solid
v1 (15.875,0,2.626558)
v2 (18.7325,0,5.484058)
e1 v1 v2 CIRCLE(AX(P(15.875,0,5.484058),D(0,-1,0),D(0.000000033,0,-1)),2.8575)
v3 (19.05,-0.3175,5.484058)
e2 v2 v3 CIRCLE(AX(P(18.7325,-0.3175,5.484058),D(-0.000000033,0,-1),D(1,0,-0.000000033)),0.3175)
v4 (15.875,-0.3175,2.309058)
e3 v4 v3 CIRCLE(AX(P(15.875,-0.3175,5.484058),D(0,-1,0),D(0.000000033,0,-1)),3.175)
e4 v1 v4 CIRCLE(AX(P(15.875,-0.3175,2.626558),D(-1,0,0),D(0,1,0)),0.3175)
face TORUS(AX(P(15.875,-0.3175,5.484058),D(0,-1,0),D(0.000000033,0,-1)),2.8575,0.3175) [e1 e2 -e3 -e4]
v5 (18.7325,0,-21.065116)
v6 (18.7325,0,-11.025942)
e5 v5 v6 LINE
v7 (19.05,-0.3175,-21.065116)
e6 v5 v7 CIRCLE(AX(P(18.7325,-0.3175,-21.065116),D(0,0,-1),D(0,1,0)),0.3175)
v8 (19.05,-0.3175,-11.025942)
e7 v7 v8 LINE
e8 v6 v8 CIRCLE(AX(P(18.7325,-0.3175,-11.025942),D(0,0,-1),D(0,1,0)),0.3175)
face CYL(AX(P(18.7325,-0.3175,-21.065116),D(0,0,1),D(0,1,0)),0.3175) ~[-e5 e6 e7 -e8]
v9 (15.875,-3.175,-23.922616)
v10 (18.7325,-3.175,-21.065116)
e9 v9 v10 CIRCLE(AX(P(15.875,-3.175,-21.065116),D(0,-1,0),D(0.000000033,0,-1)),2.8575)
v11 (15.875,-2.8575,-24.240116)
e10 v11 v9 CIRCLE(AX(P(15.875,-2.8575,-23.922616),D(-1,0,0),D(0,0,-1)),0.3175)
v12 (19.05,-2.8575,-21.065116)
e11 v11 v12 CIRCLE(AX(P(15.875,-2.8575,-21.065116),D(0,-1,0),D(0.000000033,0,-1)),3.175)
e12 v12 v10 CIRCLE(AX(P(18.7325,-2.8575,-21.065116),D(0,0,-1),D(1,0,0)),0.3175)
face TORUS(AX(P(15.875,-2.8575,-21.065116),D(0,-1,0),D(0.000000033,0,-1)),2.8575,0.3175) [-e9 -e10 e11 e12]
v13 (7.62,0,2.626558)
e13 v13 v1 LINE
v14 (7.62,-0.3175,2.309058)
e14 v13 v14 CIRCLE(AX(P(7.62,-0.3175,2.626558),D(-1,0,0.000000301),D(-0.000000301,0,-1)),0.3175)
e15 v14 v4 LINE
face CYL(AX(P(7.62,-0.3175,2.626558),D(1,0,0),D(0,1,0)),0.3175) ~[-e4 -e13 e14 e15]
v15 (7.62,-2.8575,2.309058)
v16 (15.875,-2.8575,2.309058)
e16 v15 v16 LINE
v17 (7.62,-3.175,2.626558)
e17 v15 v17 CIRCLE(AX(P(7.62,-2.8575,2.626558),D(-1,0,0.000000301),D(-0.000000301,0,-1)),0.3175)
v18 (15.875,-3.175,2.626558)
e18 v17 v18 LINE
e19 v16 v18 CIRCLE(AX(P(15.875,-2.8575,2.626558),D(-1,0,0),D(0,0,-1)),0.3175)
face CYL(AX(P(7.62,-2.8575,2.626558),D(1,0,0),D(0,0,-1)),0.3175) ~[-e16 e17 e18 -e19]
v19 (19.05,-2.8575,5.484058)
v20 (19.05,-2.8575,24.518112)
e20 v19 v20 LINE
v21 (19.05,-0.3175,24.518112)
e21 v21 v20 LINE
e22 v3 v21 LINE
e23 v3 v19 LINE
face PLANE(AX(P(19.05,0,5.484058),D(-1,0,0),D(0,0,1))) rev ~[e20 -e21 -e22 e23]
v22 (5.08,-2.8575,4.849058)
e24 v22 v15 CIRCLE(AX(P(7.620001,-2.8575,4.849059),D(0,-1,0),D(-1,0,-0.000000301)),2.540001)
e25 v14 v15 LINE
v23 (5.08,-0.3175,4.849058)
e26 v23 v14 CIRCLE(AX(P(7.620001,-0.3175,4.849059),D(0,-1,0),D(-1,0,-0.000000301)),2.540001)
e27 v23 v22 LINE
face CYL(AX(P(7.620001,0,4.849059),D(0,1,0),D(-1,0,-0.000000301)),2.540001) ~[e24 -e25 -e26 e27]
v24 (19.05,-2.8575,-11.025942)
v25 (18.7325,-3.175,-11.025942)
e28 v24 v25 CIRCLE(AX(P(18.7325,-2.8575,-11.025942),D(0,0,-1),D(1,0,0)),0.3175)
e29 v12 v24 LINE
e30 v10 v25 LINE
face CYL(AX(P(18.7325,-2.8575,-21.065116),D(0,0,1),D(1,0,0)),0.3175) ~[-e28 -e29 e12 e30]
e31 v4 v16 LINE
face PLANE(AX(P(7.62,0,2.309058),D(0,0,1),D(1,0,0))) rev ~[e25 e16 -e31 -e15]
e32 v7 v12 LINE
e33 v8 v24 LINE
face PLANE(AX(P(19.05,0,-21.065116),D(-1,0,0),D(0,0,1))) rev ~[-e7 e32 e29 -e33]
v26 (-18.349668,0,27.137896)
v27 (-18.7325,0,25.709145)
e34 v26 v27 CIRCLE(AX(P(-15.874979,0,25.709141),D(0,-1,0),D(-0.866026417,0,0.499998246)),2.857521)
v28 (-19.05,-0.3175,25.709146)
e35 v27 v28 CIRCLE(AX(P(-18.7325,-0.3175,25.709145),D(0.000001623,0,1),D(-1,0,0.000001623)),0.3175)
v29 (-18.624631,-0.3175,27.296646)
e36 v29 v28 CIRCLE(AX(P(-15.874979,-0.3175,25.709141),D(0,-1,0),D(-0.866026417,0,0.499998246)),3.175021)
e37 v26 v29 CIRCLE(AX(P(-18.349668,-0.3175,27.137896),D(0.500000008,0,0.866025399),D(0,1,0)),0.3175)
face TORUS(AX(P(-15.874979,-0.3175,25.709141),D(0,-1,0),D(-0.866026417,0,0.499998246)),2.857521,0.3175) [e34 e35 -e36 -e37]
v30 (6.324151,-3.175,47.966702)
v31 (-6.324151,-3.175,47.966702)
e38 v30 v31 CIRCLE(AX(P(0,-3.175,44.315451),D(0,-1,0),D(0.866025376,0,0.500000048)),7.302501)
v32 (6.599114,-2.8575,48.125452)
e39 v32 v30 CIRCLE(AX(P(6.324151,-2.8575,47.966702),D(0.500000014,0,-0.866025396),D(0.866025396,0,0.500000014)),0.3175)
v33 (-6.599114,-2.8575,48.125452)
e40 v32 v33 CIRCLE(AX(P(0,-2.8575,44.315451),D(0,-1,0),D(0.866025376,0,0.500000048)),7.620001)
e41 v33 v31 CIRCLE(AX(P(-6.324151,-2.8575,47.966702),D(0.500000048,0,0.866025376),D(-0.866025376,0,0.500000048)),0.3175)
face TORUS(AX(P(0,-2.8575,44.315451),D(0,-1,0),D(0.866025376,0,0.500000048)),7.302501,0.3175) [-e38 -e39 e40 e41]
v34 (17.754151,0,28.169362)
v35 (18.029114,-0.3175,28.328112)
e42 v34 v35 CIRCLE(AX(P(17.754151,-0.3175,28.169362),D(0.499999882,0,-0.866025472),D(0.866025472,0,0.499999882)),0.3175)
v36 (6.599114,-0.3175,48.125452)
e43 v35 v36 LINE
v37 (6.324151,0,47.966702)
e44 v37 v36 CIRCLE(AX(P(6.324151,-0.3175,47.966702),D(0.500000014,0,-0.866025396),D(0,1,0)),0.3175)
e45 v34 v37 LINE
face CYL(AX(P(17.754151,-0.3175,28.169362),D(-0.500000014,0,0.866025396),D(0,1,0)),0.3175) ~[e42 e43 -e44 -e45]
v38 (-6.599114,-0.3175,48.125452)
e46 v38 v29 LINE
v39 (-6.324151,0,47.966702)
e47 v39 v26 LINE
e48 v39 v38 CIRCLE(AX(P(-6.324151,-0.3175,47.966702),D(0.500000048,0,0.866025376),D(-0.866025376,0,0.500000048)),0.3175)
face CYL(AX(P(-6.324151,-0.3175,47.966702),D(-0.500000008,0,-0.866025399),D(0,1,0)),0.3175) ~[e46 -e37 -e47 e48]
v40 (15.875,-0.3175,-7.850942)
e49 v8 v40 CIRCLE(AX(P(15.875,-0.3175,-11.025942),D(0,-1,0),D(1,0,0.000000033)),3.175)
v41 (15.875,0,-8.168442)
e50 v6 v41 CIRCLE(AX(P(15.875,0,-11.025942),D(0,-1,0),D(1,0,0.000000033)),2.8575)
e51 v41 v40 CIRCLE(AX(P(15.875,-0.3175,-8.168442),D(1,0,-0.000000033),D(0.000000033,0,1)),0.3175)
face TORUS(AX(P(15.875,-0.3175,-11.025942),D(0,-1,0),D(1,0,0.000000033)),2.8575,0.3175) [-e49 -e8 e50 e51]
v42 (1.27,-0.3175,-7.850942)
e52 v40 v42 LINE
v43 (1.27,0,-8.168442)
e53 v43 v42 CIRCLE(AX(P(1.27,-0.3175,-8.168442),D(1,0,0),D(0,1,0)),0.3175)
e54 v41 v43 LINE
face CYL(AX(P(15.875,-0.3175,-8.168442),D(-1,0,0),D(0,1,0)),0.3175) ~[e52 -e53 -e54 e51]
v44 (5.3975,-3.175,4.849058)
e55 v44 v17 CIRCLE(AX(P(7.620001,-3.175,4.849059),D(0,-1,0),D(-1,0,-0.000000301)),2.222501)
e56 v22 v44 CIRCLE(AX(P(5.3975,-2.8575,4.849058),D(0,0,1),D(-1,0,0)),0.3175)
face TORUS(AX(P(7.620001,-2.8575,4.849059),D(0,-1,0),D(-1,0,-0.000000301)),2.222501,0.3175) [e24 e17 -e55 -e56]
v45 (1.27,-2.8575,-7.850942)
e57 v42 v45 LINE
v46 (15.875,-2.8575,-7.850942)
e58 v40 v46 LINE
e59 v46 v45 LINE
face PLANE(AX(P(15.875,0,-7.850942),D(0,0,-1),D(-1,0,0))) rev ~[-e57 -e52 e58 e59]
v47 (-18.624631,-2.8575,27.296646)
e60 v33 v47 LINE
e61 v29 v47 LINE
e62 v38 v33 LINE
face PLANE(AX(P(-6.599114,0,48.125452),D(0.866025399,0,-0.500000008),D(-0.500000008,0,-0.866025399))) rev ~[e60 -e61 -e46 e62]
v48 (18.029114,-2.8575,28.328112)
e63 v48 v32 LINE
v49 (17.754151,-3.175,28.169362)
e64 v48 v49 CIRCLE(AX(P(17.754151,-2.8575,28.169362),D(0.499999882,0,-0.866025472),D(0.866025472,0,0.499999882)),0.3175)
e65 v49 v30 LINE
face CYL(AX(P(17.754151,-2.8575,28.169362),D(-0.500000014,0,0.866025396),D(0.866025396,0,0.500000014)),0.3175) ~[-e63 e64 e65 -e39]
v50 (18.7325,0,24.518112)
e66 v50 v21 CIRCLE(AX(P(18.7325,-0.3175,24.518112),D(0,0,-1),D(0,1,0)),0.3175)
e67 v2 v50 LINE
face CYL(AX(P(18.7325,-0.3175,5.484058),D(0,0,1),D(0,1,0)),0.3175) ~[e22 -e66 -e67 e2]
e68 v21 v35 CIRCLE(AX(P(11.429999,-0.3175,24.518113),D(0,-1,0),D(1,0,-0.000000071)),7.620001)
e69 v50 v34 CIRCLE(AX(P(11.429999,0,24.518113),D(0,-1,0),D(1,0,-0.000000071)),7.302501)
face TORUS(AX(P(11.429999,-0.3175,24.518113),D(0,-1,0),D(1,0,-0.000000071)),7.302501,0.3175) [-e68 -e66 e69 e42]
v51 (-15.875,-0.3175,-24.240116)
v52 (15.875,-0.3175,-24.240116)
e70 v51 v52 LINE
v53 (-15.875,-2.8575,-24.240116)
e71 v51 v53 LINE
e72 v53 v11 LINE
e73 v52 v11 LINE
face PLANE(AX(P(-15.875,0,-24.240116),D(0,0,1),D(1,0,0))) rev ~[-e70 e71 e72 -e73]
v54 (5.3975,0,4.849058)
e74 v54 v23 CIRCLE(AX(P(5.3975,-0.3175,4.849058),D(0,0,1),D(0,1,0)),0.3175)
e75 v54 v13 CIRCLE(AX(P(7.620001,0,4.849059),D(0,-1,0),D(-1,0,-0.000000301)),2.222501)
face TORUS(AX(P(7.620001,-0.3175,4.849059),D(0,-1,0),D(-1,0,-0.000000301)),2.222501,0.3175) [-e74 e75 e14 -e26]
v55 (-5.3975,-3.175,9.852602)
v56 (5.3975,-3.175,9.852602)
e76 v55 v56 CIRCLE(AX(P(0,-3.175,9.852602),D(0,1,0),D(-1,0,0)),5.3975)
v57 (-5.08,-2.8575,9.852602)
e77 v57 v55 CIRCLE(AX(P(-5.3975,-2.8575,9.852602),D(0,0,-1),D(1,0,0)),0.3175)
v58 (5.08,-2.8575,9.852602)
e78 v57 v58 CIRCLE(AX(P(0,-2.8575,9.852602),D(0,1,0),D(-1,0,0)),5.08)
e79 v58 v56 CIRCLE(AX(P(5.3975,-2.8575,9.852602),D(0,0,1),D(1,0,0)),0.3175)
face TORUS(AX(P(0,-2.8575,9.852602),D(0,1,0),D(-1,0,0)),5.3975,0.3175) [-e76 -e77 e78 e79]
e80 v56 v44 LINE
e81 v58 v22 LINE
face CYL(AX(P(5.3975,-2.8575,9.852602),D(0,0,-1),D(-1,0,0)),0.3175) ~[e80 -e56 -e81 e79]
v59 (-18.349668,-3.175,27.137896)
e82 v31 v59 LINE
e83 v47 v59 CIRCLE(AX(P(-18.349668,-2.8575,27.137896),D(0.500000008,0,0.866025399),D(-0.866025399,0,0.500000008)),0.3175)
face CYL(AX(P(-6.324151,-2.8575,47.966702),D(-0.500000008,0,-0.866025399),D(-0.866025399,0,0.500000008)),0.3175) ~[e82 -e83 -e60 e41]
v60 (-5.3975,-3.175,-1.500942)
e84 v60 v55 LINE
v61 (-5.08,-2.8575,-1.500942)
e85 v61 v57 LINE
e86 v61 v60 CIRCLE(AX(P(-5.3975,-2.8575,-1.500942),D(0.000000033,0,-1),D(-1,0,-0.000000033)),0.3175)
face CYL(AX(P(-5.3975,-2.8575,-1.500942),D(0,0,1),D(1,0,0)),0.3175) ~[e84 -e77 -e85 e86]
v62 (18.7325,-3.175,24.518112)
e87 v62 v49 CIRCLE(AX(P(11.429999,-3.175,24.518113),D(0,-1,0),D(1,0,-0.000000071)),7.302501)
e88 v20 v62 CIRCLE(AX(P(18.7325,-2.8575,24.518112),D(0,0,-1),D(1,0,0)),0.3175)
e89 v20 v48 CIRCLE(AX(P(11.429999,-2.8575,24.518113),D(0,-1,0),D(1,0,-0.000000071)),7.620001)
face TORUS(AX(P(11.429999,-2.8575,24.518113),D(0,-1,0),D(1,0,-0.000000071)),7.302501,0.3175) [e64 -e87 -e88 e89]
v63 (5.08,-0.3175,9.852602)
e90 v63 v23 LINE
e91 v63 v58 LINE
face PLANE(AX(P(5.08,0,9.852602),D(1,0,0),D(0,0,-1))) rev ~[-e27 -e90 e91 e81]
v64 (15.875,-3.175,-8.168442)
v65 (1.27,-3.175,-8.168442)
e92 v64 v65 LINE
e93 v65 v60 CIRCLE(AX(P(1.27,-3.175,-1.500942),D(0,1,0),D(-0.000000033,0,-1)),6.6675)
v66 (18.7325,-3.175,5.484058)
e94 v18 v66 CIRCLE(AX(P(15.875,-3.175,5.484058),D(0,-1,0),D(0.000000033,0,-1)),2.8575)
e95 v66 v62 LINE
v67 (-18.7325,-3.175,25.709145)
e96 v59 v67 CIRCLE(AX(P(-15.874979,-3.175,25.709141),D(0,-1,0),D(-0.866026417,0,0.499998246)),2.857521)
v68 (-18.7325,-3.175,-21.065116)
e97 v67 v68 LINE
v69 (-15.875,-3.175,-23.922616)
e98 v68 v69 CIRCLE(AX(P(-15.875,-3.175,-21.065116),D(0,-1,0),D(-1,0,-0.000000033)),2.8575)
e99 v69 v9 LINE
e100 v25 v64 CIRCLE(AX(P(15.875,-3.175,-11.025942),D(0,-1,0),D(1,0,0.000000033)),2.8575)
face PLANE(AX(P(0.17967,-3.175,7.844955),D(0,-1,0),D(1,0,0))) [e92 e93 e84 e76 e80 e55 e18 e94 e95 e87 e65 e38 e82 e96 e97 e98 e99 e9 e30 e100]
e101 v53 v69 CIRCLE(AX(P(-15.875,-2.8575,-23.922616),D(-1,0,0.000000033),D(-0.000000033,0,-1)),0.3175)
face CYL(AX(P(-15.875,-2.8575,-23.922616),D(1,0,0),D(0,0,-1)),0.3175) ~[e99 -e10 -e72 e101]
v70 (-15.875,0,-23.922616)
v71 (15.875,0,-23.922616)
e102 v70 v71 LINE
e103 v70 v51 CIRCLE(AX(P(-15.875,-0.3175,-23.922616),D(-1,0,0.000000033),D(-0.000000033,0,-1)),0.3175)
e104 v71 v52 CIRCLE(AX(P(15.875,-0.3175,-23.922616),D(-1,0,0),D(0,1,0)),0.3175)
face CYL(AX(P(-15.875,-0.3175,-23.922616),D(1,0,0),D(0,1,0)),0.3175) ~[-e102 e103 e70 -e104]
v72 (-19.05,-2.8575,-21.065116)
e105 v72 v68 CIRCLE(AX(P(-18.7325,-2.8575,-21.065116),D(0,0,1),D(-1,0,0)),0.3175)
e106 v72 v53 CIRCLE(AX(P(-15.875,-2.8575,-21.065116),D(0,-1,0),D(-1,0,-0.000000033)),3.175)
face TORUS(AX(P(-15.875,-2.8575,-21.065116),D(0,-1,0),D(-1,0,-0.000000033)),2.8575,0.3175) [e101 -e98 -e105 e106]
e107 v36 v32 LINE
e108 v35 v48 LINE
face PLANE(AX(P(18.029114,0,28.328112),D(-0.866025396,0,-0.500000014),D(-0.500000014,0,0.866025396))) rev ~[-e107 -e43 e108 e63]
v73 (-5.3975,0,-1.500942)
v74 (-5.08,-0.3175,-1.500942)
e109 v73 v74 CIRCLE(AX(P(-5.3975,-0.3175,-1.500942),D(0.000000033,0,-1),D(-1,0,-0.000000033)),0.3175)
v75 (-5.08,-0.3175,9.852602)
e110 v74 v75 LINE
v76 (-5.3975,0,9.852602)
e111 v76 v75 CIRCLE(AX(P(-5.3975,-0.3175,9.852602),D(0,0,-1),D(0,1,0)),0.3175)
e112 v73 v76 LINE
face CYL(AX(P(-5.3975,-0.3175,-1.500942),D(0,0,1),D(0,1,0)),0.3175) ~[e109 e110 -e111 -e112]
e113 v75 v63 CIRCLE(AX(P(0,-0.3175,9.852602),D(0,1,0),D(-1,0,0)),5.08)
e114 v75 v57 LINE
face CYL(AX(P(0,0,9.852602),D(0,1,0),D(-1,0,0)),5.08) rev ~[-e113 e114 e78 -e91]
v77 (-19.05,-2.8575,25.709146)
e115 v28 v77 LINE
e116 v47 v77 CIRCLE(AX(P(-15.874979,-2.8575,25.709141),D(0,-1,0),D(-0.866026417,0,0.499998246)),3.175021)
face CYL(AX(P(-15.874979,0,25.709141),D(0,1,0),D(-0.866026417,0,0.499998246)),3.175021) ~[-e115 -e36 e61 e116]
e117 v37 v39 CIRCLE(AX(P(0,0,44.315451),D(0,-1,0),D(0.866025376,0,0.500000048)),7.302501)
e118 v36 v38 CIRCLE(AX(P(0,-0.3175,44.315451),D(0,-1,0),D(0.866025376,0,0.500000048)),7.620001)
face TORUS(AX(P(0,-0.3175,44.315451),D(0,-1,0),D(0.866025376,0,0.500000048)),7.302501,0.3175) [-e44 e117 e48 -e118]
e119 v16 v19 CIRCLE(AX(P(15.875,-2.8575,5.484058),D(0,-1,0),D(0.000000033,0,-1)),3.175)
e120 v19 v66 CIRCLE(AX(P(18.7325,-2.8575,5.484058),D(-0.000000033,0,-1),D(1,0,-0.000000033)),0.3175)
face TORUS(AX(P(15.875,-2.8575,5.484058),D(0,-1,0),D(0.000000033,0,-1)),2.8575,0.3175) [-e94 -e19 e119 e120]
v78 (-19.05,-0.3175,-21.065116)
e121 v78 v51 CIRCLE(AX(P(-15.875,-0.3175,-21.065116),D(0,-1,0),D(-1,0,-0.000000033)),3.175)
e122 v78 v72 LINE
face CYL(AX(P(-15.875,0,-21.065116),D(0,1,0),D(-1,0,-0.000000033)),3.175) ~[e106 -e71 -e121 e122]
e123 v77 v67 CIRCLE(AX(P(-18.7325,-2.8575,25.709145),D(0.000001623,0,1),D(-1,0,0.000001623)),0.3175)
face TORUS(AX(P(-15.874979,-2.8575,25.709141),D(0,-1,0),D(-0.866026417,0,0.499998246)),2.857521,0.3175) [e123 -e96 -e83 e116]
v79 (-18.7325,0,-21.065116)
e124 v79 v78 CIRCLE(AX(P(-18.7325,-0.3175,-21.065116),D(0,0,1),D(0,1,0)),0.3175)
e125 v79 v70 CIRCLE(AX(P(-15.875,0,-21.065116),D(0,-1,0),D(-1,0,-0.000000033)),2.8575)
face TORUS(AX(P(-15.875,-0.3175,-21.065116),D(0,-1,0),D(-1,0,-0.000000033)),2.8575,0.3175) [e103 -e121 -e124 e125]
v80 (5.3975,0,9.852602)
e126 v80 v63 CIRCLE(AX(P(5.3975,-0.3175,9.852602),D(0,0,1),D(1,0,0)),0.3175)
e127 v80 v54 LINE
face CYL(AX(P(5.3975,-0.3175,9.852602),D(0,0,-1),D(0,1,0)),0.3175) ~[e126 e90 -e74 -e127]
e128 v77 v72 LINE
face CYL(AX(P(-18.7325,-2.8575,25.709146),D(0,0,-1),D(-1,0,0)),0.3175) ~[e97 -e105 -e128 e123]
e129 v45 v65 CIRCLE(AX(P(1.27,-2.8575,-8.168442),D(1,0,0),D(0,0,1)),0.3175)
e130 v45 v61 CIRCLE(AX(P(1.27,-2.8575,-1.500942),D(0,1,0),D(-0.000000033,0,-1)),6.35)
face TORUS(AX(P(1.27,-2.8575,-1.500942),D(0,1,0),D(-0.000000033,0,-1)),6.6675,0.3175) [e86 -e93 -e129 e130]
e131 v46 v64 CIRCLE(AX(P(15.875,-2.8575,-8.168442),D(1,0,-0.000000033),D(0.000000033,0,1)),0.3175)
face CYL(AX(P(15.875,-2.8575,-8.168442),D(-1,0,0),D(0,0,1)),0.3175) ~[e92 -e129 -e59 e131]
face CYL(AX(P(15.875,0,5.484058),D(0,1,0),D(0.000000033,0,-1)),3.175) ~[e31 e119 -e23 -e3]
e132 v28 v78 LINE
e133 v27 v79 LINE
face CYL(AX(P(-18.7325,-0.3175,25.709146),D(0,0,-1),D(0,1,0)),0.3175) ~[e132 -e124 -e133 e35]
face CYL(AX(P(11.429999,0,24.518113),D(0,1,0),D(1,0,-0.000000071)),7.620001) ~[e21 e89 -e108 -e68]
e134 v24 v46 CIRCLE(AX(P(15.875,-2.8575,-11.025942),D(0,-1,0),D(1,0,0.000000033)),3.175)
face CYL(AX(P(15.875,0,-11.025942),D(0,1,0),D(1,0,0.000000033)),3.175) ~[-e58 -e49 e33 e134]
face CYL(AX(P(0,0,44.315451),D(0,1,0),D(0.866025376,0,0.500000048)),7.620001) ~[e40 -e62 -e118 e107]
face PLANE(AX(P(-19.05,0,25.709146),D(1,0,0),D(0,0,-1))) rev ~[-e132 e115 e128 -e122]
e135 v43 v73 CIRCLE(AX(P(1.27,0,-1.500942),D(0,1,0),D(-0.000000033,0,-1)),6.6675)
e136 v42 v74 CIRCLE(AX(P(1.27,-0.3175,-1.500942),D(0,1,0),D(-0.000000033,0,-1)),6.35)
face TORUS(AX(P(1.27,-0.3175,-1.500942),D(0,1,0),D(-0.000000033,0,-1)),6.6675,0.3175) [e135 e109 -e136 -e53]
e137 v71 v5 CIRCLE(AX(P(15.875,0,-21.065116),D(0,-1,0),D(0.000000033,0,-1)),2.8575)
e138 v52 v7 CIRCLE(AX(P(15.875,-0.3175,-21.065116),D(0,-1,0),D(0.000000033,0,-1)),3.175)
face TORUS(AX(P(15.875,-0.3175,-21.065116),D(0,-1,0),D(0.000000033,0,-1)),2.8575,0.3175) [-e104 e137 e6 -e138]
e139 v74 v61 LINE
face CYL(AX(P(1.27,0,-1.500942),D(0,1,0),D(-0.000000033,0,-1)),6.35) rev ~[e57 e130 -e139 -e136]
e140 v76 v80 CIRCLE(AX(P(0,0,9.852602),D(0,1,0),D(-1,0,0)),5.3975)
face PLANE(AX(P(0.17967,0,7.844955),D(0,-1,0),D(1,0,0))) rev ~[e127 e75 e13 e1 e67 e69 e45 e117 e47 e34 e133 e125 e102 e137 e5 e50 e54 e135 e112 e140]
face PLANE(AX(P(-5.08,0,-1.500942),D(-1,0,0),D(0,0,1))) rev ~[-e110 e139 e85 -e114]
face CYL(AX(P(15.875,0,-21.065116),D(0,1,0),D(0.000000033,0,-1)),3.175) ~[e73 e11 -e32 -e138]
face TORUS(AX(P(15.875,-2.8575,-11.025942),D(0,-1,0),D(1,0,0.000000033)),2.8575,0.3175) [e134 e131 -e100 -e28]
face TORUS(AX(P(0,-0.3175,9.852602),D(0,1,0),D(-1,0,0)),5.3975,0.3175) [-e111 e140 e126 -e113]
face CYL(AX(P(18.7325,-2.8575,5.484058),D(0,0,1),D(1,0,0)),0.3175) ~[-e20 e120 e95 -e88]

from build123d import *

# Parameters (mm, degrees)
F1_DEPTH = 3.175
F2_R     = 0.3175
F3_R     = 0.3175


with BuildPart() as f1:
    # F0 (on Front) → F1 (new body)
    with BuildSketch(Plane.XZ):
        with BuildLine():
            ThreePointArc((-19.05, -21.065116), (-18.120064, -23.31018), (-15.875, -24.240116))
            Line((-15.875, -24.240116), (15.875, -24.240116))
            ThreePointArc((15.875, -24.240116), (18.120064, -23.31018), (19.05, -21.065116))
            Line((19.05, -21.065116), (19.05, -11.025942))
            ThreePointArc((19.05, -11.025942), (18.120064, -8.780878), (15.875, -7.850942))
            Line((15.875, -7.850942), (1.27, -7.850942))
            ThreePointArc((1.27, -7.850942), (-3.220128, -5.99107), (-5.08, -1.500942))
            Line((-5.08, -1.500942), (-5.08, 9.852602))
            ThreePointArc((-5.08, 9.852602), (0, 14.932602), (5.08, 9.852602))
            Line((5.08, 9.852602), (5.08, 4.849058))
            ThreePointArc((5.08, 4.849058), (5.823949, 3.053007), (7.62, 2.309058))
            Line((7.62, 2.309058), (15.875, 2.309058))
            ThreePointArc((15.875, 2.309058), (18.120064, 3.238994), (19.05, 5.484058))
            Line((19.05, 5.484058), (19.05, 24.518112))
            ThreePointArc((19.05, 24.518112), (18.790355, 26.490313), (18.029114, 28.328112))
            Line((18.029114, 28.328112), (6.599114, 48.125452))
            ThreePointArc((6.599114, 48.125452), (0, 51.935452), (-6.599114, 48.125452))
            Line((-6.599114, 48.125452), (-18.624631, 27.296646))
            ThreePointArc((-18.624631, 27.296646), (-18.941814, 26.530896), (-19.05, 25.709146))
            Line((-19.05, 25.709146), (-19.05, -21.065116))
        make_face()
    extrude(amount=F1_DEPTH)

    # F2
    f2_edges = [f1.edges().sort_by_distance(p)[0] for p in [
        (19.05, -3.175, -16.045529),
        (18.120064, -3.175, -8.780878),
        (8.5725, -3.175, -7.850942),
        (-3.220128, -3.175, -5.99107),
        (-5.08, -3.175, 4.17583),
        (0, -3.175, 14.932602),
        (5.08, -3.175, 7.35083),
        (5.823949, -3.175, 3.053007),
        (11.7475, -3.175, 2.309058),
        (18.120064, -3.175, 3.238994),
        (19.05, -3.175, 15.001085),
        (18.790355, -3.175, 26.490313),
        (12.314114, -3.175, 38.226782),
        (0, -3.175, 51.935452),
        (-12.611872, -3.175, 37.711049),
        (-18.941814, -3.175, 26.530896),
        (-19.05, -3.175, 2.322015),
        (-18.120064, -3.175, -23.31018),
        (0, -3.175, -24.240116),
        (18.120064, -3.175, -23.31018),
    ]]
    fillet(f2_edges, radius=F2_R)

    # F3
    f3_edges = [f1.edges().sort_by_distance(p)[0] for p in [
        (19.05, 0, -16.045529),
        (18.120064, 0, -8.780878),
        (8.5725, 0, -7.850942),
        (-3.220128, 0, -5.99107),
        (-5.08, 0, 4.17583),
        (0, 0, 14.932602),
        (5.08, 0, 7.35083),
        (5.823949, 0, 3.053007),
        (11.7475, 0, 2.309058),
        (18.120064, 0, 3.238994),
        (19.05, 0, 15.001085),
        (18.790355, 0, 26.490313),
        (12.314114, 0, 38.226782),
        (0, 0, 51.935452),
        (-12.611872, 0, 37.711049),
        (-18.941814, 0, 26.530896),
        (-19.05, 0, 2.322015),
        (-18.120064, 0, -23.31018),
        (0, 0, -24.240116),
        (18.120064, 0, -23.31018),
    ]]
    fillet(f3_edges, radius=F3_R)


solid = f1.part
